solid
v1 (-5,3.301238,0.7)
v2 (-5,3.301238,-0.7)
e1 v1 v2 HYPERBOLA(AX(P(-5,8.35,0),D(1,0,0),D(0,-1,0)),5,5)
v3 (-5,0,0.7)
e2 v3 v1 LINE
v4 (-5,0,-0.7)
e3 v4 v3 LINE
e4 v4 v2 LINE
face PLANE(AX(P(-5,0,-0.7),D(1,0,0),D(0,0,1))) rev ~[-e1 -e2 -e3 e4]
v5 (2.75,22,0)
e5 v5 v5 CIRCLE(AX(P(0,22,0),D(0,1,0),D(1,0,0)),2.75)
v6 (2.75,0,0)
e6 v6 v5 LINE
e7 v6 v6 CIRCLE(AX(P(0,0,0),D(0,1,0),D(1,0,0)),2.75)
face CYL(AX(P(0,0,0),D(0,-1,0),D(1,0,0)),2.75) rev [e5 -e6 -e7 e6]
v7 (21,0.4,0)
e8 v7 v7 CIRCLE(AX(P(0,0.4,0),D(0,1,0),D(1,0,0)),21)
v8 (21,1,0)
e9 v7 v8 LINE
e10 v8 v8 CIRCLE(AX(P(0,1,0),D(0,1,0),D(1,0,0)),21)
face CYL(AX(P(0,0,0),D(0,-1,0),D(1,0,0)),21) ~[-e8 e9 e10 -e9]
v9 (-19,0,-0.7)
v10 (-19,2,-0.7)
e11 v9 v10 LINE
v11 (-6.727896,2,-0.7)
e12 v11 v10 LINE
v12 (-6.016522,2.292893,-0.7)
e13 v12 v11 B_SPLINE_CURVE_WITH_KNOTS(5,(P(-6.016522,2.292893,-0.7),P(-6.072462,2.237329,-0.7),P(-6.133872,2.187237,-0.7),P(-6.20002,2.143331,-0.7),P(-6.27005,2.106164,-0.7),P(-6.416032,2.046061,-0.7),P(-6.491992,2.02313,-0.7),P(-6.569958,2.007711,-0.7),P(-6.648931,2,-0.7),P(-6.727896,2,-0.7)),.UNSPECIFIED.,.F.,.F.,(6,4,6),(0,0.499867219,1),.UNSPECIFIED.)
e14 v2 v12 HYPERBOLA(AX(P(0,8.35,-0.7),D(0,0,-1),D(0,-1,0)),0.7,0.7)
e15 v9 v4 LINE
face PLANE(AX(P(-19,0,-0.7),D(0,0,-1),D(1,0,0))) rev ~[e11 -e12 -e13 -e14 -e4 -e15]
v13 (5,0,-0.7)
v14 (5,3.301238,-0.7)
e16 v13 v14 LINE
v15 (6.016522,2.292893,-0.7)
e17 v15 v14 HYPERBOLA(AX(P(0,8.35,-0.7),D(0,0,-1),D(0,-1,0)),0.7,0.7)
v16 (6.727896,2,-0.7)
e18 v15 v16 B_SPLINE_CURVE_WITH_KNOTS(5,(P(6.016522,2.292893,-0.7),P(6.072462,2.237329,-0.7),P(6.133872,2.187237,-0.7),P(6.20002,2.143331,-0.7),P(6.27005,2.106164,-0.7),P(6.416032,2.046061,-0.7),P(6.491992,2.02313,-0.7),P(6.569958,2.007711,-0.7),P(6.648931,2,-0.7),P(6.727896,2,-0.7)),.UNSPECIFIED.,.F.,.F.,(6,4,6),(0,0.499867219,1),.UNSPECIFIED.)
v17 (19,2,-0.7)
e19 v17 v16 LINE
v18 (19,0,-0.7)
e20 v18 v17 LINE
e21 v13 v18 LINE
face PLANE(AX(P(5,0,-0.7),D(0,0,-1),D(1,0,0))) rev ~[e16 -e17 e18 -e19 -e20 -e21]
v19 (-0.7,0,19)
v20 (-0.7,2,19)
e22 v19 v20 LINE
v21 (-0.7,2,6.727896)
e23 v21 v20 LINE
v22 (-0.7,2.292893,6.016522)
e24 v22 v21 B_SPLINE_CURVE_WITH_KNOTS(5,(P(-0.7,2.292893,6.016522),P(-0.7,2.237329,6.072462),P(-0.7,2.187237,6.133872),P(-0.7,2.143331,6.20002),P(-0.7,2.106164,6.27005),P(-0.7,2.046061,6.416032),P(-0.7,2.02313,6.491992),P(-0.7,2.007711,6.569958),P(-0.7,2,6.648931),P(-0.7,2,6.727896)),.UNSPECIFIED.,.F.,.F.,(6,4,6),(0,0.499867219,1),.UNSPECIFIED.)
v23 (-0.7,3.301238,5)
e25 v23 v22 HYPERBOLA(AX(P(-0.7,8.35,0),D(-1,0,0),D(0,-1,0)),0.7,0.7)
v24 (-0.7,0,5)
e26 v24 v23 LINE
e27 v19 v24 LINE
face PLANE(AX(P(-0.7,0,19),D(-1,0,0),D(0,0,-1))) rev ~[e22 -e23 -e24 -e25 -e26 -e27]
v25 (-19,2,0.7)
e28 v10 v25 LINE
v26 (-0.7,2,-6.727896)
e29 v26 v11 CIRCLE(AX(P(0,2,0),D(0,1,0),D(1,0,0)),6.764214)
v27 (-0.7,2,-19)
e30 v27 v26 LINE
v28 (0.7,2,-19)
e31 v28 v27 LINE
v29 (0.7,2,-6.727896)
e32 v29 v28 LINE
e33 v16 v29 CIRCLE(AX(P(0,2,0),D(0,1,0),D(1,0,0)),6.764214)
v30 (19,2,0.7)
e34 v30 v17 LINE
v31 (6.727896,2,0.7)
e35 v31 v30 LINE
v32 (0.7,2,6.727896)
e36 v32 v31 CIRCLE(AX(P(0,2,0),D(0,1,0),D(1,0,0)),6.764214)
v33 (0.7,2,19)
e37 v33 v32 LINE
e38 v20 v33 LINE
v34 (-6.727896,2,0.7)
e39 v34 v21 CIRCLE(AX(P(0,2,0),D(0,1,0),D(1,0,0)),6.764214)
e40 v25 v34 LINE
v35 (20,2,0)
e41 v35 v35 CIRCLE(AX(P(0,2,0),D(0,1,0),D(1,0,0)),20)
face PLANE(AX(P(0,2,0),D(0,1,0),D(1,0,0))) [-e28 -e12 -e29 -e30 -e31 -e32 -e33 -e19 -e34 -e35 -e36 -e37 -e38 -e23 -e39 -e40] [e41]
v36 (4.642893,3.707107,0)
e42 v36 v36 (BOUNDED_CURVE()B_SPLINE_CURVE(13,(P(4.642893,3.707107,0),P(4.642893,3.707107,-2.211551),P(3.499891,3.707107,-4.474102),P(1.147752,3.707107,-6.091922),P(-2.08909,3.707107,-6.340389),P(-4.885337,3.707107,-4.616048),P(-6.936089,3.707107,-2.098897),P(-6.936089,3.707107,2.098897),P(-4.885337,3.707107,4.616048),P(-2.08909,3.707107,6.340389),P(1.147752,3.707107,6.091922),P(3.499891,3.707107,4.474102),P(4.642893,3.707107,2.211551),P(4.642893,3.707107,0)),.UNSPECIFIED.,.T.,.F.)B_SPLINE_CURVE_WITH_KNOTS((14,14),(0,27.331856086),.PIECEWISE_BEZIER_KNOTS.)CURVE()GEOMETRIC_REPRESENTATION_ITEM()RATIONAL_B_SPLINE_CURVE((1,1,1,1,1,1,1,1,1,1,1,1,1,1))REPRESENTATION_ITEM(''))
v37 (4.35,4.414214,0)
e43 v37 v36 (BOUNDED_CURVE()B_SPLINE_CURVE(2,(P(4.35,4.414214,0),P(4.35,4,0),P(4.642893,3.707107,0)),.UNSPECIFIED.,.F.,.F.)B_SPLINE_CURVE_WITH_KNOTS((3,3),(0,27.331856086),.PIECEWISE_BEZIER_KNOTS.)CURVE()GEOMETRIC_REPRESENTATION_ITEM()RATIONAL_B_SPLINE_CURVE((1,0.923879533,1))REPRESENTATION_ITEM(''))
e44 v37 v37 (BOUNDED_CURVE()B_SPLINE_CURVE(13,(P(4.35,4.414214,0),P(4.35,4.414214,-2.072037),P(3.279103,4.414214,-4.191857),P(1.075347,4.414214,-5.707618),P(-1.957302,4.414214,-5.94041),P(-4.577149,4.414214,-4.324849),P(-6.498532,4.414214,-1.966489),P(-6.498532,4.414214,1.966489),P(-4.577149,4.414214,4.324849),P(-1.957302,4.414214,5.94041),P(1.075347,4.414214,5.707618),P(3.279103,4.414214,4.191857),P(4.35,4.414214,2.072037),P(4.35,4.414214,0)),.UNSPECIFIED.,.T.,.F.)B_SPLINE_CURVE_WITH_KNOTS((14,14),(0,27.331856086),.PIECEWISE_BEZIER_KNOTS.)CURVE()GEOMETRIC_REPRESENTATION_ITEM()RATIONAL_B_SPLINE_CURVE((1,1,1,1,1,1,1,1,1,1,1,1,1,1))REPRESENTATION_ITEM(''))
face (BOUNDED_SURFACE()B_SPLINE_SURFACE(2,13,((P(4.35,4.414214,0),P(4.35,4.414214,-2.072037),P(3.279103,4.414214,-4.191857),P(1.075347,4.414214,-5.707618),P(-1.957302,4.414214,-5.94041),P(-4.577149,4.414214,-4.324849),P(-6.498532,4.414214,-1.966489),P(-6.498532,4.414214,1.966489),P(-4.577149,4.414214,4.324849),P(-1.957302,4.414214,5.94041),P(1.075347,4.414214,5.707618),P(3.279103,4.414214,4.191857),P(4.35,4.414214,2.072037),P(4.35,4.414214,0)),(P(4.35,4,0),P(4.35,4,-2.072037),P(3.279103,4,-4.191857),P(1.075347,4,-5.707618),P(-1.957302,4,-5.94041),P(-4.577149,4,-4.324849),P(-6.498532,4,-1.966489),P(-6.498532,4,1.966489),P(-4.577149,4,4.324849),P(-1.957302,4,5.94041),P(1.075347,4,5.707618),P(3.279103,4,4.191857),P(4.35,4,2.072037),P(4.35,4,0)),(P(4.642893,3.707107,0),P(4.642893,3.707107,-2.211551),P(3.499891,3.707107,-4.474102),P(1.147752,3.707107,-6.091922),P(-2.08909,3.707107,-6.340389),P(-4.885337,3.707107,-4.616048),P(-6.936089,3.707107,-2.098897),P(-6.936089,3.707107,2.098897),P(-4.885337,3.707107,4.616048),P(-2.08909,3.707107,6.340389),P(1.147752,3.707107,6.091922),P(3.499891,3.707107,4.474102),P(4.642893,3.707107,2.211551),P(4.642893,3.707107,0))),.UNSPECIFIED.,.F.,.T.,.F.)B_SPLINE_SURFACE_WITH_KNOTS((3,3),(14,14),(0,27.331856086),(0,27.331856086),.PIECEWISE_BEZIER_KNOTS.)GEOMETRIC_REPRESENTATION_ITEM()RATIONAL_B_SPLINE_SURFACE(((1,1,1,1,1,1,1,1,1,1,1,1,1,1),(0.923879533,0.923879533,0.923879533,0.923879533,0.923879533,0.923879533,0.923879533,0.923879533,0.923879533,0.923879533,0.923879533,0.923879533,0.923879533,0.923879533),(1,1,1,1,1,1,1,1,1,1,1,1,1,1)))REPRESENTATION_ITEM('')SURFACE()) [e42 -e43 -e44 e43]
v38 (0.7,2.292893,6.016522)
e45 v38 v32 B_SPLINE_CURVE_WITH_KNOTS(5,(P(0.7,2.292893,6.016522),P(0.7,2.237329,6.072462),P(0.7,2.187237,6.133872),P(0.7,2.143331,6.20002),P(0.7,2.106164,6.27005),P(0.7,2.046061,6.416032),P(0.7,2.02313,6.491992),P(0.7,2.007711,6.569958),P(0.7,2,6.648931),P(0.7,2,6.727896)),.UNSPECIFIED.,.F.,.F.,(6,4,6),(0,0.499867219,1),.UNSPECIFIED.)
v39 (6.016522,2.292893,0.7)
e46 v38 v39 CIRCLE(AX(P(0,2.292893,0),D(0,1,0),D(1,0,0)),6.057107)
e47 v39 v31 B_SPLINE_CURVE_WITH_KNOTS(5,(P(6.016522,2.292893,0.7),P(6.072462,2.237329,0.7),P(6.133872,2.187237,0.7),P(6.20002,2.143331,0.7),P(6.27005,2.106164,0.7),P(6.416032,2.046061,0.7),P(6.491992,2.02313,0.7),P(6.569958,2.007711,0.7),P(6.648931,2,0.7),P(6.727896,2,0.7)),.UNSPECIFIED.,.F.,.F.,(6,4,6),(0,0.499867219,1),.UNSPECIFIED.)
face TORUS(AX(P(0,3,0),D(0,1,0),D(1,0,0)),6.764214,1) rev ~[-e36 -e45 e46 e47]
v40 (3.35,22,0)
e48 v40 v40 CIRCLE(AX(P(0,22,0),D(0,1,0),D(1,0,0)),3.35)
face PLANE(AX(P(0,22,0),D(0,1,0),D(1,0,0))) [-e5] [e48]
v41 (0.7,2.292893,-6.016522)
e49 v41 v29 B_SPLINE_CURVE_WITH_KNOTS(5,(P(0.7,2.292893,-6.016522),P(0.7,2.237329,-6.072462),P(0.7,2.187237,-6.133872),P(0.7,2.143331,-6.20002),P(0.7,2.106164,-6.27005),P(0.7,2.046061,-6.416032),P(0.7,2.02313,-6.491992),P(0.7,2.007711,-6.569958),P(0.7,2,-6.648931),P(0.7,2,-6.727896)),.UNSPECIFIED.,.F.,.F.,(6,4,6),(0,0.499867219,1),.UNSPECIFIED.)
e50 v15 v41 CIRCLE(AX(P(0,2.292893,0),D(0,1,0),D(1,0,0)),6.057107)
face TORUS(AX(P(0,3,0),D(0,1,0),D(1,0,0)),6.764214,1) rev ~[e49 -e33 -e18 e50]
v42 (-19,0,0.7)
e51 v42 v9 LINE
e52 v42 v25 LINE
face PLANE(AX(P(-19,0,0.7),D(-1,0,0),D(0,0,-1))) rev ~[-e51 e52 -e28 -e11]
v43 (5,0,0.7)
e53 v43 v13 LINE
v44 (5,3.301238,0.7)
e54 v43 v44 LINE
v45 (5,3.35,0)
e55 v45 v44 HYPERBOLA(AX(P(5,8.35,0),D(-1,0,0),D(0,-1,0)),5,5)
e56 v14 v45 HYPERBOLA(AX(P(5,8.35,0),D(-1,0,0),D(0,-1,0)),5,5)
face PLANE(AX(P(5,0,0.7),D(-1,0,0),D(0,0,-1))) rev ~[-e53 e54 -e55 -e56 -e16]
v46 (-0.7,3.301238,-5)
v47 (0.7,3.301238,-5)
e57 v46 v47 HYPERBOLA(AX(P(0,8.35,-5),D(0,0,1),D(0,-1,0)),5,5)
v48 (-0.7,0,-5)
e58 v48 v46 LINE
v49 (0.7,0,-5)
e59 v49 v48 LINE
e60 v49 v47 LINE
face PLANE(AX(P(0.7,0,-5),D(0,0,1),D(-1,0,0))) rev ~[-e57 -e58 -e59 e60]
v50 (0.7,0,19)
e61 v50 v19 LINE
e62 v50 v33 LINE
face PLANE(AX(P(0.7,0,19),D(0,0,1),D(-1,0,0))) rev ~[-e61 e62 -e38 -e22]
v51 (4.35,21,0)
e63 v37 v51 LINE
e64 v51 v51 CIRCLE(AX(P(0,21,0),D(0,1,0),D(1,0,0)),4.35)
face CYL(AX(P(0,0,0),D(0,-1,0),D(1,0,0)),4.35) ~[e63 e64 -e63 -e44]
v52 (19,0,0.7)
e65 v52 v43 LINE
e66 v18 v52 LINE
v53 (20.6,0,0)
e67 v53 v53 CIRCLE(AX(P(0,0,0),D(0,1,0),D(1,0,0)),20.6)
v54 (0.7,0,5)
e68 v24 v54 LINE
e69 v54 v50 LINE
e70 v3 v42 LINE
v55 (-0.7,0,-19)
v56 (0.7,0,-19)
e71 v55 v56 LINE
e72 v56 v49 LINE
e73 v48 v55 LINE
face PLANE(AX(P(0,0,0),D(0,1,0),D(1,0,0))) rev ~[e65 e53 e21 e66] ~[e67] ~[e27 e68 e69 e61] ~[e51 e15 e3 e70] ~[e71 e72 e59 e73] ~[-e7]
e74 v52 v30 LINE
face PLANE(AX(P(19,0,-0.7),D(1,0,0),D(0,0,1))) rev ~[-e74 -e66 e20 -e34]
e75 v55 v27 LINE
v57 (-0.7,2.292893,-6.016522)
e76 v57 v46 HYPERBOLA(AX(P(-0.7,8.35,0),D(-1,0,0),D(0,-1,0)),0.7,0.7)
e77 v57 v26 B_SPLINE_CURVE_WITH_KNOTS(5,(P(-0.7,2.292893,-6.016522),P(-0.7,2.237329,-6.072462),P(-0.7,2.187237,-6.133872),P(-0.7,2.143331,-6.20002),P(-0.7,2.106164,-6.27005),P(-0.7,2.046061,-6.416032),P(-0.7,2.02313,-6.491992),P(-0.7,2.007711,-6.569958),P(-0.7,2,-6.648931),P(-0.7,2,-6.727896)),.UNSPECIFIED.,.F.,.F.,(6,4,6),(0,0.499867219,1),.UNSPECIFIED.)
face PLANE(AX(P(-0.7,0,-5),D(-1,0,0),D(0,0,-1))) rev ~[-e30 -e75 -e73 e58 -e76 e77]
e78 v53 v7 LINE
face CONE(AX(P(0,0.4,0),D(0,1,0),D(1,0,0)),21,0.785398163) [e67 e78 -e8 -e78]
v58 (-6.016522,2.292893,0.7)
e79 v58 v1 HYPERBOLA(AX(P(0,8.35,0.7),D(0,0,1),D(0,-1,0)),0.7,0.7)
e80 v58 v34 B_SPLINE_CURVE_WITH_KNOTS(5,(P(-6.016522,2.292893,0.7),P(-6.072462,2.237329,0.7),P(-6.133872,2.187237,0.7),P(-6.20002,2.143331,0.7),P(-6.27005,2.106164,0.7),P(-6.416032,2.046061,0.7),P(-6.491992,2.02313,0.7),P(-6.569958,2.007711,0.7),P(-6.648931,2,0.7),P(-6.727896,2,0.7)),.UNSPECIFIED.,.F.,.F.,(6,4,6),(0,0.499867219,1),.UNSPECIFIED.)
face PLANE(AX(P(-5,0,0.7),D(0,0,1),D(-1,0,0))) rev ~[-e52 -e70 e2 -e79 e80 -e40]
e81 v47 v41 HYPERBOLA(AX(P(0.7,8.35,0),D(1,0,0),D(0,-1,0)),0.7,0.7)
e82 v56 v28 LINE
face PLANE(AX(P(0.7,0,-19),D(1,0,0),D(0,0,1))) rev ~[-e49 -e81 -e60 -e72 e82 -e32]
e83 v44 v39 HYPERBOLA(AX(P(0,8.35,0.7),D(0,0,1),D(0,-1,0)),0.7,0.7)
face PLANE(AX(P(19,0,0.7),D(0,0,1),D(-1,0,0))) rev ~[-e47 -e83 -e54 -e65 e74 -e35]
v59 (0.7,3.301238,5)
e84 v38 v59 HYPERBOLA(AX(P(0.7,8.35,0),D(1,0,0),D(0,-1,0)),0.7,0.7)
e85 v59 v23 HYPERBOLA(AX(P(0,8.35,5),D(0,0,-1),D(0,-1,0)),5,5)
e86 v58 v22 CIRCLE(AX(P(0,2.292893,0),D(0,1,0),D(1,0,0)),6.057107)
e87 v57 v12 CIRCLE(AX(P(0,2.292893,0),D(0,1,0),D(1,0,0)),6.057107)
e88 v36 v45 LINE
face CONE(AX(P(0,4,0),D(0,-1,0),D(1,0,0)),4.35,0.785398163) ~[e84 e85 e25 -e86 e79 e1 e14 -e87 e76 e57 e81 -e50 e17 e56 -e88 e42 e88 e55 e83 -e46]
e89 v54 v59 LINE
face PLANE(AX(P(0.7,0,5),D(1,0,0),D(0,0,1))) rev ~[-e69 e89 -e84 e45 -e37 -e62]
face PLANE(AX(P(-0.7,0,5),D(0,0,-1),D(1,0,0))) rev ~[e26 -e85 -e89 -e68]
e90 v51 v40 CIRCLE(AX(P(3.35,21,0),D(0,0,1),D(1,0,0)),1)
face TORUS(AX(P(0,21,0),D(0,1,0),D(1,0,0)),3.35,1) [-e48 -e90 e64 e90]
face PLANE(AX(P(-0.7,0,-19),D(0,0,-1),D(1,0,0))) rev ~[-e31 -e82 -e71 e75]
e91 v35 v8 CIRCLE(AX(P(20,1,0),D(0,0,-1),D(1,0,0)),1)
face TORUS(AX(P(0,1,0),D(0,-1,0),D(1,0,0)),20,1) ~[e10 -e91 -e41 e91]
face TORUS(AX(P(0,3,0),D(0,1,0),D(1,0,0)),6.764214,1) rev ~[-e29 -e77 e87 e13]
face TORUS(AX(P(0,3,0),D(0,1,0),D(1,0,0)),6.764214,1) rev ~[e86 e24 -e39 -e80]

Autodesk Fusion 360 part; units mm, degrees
sketch "5.5 drilling alignment tool" plane through (0, 0, 0) normal (0, 1, 0) x (1, 0, 0)
  circle A0 centre (0, 0) radius 2.75
  circle A1 centre (0, 0) radius 4.35
  circle A2 centre (0, 0) radius 21
  line L0 (0, 0) -> (0, 30.5486) construction
  line L1 (0, 0) -> (37.4223, 0) construction
  line L2 (5, 0.7) -> (19, 0.7)
  line L3 (19, 0.7) -> (19, -0.7)
  line L4 (19, -0.7) -> (5, -0.7)
  line L5 (5, -0.7) -> (5, 0.7)
  dimension "d1" = 5.5
  dimension "d2" = 1.6
  dimension "d3" = 42
  dimension "d12" = 5
  dimension "d13" = 14
  dimension "d14" = 1.4
extrude "Extrude1" add sketch "5.5 drilling alignment tool" along normal blind 22 contours A1
extrude "Extrude2" add sketch "5.5 drilling alignment tool" along normal blind 2 contours A2 | L2 L3 L4 L5
chamfer "Chamfer1" distance 2 angle 45 1 edges at (-4.0556, 2, 1.573)
fillet "Fillet1" radius 1 3 faces at (4.3284, 10, 0.4331) (-3.5435, 2.6667, 4.4434) (16.0385, 2, 1.0433)
chamfer "Chamfer2" distance 0.4 angle 45 1 edges at (-19.5789, 0, 7.5939)
extrude "Extrude3" cut sketch "5.5 drilling alignment tool" along normal blind 4 contours L2 L3 L4 L5
pattern_circular "C-Pattern1" count 4 over 360 about axis through (0, 1.75, 0) along (0, 1, 0) of "Extrude3"
